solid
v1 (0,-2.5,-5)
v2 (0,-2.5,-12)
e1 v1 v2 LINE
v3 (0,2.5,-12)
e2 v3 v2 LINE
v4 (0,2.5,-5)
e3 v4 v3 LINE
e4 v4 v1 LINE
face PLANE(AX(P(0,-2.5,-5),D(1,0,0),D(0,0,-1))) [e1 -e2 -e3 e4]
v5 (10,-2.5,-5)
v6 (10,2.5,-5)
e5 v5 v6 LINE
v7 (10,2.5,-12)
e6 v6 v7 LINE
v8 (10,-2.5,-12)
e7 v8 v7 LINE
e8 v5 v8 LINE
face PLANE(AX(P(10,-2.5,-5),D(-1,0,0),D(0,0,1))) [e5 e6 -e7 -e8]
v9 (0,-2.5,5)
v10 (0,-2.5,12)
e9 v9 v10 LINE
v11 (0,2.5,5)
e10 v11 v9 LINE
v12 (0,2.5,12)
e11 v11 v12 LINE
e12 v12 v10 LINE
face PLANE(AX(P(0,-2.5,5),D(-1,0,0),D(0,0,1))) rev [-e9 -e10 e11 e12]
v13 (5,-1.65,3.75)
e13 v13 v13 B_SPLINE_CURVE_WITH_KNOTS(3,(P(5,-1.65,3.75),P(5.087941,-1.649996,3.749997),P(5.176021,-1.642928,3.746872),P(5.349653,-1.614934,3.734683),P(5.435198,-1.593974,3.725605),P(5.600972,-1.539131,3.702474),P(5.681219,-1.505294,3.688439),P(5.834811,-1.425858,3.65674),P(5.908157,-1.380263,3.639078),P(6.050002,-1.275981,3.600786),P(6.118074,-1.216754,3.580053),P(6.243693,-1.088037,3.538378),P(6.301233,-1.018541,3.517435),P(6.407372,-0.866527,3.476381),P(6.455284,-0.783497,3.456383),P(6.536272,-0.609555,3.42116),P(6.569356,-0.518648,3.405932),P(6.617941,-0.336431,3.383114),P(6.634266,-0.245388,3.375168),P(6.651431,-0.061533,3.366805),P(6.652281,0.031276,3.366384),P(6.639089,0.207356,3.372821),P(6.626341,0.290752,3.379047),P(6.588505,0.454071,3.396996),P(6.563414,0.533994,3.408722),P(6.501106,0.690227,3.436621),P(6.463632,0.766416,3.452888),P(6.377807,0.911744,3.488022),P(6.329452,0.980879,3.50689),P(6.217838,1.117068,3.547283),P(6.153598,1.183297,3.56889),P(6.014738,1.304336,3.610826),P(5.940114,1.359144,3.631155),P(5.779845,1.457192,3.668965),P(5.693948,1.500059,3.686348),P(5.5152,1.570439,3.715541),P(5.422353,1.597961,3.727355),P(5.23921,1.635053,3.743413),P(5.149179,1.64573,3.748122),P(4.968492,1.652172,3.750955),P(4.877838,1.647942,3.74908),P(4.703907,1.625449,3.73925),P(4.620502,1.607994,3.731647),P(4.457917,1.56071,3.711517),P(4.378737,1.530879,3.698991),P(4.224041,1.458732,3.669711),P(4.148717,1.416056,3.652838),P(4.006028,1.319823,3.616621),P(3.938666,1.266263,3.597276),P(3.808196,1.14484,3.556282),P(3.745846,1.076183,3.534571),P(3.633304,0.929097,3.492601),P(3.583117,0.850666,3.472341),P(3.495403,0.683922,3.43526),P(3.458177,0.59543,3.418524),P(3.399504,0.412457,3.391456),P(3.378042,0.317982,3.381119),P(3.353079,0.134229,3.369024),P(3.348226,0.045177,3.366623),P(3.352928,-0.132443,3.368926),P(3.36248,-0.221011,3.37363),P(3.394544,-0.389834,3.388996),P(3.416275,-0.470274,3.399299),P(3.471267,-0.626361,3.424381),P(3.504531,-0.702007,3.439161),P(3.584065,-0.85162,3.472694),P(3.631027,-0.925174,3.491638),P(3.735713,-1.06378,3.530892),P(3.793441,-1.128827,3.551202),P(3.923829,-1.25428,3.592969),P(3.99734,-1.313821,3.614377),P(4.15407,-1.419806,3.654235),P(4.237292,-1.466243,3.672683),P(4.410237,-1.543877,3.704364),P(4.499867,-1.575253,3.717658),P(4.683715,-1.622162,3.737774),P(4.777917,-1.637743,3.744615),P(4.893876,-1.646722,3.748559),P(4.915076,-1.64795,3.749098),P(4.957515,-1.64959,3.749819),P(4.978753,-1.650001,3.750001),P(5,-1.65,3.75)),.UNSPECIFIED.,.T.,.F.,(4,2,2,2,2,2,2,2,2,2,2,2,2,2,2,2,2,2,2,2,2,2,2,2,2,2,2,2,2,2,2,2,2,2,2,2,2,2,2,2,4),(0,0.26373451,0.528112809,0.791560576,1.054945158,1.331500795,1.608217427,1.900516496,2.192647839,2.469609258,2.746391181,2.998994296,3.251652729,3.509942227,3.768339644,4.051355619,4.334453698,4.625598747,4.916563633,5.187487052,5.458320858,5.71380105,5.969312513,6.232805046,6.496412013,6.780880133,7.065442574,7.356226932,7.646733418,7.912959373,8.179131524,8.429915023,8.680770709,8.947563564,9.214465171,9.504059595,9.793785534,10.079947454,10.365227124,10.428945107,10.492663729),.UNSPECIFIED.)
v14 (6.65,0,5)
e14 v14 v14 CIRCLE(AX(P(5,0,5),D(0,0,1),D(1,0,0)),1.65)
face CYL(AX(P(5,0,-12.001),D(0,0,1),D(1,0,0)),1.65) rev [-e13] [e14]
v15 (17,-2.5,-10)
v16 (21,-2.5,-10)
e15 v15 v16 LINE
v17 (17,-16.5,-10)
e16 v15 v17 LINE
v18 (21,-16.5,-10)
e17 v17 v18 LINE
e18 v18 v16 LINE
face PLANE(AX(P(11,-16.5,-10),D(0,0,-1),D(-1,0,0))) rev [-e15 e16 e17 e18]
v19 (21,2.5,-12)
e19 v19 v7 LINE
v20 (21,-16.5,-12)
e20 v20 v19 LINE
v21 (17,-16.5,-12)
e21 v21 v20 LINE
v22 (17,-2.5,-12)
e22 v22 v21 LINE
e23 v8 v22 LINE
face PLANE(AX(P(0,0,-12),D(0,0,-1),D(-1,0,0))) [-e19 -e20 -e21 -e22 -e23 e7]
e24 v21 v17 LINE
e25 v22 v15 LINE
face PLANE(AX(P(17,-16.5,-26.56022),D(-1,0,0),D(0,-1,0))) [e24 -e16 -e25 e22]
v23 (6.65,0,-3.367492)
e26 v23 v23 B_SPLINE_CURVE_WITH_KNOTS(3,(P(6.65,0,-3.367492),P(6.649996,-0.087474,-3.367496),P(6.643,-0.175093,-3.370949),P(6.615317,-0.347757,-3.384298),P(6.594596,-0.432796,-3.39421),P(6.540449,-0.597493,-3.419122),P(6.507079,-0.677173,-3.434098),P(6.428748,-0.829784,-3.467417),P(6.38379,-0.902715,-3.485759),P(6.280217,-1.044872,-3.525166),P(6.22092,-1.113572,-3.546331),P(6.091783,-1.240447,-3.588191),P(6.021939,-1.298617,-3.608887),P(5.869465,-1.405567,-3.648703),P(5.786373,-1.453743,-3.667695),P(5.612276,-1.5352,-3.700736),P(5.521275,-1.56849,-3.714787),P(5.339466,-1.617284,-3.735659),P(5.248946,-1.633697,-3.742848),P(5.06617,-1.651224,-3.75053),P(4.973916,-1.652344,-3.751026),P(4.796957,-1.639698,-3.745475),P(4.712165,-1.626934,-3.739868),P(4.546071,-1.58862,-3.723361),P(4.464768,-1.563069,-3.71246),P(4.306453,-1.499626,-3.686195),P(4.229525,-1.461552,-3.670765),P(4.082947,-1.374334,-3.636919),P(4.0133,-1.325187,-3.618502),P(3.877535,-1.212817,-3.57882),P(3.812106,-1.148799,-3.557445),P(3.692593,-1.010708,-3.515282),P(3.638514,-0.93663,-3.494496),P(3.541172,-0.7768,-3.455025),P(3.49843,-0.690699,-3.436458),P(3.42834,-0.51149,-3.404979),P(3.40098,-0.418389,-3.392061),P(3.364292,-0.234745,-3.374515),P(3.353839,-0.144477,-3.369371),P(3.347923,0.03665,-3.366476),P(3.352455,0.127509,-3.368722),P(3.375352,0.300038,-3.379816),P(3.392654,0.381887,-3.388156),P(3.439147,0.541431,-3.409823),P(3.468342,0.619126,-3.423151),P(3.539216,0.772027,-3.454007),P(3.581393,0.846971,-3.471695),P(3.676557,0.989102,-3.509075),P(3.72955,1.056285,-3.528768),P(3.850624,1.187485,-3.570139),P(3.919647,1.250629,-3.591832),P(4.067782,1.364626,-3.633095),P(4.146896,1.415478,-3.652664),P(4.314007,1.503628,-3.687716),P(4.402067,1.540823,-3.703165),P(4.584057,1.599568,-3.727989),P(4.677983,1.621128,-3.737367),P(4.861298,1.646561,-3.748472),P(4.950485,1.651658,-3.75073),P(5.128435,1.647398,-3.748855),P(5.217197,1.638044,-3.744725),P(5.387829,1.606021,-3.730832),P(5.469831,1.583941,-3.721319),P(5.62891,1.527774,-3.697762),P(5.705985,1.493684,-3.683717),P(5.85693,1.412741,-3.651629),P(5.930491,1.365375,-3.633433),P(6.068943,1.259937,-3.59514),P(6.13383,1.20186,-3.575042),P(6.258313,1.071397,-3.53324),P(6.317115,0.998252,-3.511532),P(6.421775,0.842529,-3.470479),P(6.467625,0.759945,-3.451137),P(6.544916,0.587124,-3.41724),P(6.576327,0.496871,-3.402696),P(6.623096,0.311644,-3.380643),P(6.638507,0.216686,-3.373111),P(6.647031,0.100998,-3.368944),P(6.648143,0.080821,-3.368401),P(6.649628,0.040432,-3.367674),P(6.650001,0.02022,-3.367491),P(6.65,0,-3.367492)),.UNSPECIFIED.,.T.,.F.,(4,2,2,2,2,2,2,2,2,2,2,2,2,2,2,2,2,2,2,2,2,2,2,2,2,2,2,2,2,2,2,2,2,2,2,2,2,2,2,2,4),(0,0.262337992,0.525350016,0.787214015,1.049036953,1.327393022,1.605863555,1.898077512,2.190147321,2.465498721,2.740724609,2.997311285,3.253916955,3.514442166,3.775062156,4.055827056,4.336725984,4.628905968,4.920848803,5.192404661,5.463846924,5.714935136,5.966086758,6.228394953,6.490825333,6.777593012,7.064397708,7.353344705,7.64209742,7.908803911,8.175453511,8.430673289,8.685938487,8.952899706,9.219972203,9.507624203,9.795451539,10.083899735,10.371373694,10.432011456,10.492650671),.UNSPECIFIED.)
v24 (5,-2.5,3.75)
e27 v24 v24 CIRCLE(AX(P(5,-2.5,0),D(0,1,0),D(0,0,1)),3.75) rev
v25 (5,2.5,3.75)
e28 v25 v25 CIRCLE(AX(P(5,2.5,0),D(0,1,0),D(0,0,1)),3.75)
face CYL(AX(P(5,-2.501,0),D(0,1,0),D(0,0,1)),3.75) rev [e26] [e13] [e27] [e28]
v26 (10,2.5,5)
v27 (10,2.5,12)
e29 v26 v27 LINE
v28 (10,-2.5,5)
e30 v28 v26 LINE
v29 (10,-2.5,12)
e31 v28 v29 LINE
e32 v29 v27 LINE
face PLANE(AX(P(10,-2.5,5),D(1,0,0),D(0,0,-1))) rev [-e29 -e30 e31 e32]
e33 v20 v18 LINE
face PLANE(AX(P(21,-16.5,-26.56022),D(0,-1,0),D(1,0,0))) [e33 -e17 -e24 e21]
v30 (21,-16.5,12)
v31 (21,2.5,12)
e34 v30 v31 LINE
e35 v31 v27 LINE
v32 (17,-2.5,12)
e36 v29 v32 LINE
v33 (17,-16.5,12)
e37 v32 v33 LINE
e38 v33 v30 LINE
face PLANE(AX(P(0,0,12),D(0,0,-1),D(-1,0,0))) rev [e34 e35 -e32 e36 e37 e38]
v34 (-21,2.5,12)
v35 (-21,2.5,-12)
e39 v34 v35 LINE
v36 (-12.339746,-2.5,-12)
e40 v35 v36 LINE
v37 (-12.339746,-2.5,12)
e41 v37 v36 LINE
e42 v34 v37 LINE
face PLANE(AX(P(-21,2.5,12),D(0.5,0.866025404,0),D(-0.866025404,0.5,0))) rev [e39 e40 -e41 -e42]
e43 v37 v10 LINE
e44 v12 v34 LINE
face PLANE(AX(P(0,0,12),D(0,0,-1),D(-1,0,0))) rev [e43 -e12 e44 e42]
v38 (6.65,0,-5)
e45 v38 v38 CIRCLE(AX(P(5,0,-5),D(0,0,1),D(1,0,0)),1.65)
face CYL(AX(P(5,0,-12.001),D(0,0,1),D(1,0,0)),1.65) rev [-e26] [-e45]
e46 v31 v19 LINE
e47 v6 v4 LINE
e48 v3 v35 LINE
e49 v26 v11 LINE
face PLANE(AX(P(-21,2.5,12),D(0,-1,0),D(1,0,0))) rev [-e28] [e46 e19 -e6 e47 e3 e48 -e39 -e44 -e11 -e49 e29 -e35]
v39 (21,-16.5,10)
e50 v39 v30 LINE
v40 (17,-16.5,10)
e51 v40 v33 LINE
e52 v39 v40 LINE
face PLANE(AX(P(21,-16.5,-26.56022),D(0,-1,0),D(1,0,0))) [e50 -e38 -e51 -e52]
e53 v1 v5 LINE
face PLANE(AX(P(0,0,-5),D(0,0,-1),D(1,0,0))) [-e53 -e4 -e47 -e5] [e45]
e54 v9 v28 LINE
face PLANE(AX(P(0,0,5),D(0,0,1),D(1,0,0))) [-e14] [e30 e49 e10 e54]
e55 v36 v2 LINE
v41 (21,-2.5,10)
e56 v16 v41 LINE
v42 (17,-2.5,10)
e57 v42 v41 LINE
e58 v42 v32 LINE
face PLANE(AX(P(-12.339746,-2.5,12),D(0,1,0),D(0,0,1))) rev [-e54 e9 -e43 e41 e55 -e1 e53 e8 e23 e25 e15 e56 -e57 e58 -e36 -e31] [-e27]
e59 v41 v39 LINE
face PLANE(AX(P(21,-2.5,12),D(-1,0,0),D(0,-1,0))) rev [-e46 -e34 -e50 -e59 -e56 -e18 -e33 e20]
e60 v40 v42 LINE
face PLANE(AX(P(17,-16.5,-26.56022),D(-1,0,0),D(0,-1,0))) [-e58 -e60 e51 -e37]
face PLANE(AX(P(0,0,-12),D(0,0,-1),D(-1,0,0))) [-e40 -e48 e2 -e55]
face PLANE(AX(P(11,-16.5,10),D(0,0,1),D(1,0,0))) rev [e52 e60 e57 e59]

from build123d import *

# Parameters (mm, degrees)
BOSS_EXTRUDE1_DEPTH = 12
CUT_EXTRUDE1_REACH  = 33.988
SKETCH4_R           = 1.65
SKETCH4_3_W         = 10
SKETCH4_3_H         = 5
SKETCH4_3_R         = 1.65
CUT_EXTRUDE3_DEPTH  = 7
CUT_EXTRUDE2_REACH  = 26.698
SKETCH5_R           = 3.75
SKETCH6_W           = 4
SKETCH6_H           = 14
BOSS_EXTRUDE2_DEPTH = 24
SKETCH7_W           = 20
SKETCH7_H           = 14
CUT_EXTRUDE4_DEPTH  = 10


with BuildPart() as part:
    # Sketch3 → Boss-Extrude1 (new, symmetric)
    with BuildSketch(Plane.XY):
        Polygon((-21, 2.5), (-12.339745962, -2.5), (21, -2.5), (21, 2.5), align=None)
    extrude(amount=BOSS_EXTRUDE1_DEPTH, both=True)

    # Sketch4 → Cut-Extrude1 (cut, up to next)
    with BuildSketch(Plane.XY.offset(12), mode=Mode.PRIVATE) as cut_extrude1_sk1:
        with Locations((5, 0)):
            Circle(SKETCH4_R)
    cut_extrude1_tool1 = extrude(cut_extrude1_sk1.sketch, amount=-CUT_EXTRUDE1_REACH, mode=Mode.PRIVATE) & part.part
    add(cut_extrude1_tool1.solids().sort_by_distance((5, 0, 12))[0], mode=Mode.SUBTRACT)

    # Sketch4<3> → Cut-Extrude3 (cut)
    with BuildSketch(Plane.XY.offset(12)):
        with Locations((5, 0)):
            Rectangle(SKETCH4_3_W, SKETCH4_3_H)
        with Locations((5, 0)):
            Circle(SKETCH4_3_R, mode=Mode.SUBTRACT)
    cut_extrude3 = extrude(amount=-CUT_EXTRUDE3_DEPTH, mode=Mode.SUBTRACT)

    # Mirror1: Cut-Extrude3 across plane
    add(cut_extrude3.mirror(Plane.XY), mode=Mode.SUBTRACT)

    # Sketch5 → Cut-Extrude2 (cut, up to next)
    with BuildSketch(Plane(origin=(0, 2.5, 0), x_dir=(1, 0, 0), z_dir=(0, 1, 0)), mode=Mode.PRIVATE) as cut_extrude2_sk1:
        with Locations(Location((5, 0, 0), (0, 0, 270))):
            Circle(SKETCH5_R)
    cut_extrude2_tool1 = extrude(cut_extrude2_sk1.sketch, amount=-CUT_EXTRUDE2_REACH, mode=Mode.PRIVATE) & part.part
    add(cut_extrude2_tool1.solids().sort_by_distance((5, 2.5, 0))[0], mode=Mode.SUBTRACT)

    # Sketch6 → Boss-Extrude2 (add)
    with BuildSketch(Plane.XY.offset(12)):
        with Locations((19, -9.5)):
            Rectangle(SKETCH6_W, SKETCH6_H)
    extrude(amount=-BOSS_EXTRUDE2_DEPTH)

    # Sketch7 → Cut-Extrude4 (cut)
    with BuildSketch(Plane(origin=(21, 0, 0), x_dir=(0, 0, -1), z_dir=(1, 0, 0))):
        with Locations((0, -9.5)):
            Rectangle(SKETCH7_W, SKETCH7_H)
    extrude(amount=-CUT_EXTRUDE4_DEPTH, mode=Mode.SUBTRACT)


solid = part.part
